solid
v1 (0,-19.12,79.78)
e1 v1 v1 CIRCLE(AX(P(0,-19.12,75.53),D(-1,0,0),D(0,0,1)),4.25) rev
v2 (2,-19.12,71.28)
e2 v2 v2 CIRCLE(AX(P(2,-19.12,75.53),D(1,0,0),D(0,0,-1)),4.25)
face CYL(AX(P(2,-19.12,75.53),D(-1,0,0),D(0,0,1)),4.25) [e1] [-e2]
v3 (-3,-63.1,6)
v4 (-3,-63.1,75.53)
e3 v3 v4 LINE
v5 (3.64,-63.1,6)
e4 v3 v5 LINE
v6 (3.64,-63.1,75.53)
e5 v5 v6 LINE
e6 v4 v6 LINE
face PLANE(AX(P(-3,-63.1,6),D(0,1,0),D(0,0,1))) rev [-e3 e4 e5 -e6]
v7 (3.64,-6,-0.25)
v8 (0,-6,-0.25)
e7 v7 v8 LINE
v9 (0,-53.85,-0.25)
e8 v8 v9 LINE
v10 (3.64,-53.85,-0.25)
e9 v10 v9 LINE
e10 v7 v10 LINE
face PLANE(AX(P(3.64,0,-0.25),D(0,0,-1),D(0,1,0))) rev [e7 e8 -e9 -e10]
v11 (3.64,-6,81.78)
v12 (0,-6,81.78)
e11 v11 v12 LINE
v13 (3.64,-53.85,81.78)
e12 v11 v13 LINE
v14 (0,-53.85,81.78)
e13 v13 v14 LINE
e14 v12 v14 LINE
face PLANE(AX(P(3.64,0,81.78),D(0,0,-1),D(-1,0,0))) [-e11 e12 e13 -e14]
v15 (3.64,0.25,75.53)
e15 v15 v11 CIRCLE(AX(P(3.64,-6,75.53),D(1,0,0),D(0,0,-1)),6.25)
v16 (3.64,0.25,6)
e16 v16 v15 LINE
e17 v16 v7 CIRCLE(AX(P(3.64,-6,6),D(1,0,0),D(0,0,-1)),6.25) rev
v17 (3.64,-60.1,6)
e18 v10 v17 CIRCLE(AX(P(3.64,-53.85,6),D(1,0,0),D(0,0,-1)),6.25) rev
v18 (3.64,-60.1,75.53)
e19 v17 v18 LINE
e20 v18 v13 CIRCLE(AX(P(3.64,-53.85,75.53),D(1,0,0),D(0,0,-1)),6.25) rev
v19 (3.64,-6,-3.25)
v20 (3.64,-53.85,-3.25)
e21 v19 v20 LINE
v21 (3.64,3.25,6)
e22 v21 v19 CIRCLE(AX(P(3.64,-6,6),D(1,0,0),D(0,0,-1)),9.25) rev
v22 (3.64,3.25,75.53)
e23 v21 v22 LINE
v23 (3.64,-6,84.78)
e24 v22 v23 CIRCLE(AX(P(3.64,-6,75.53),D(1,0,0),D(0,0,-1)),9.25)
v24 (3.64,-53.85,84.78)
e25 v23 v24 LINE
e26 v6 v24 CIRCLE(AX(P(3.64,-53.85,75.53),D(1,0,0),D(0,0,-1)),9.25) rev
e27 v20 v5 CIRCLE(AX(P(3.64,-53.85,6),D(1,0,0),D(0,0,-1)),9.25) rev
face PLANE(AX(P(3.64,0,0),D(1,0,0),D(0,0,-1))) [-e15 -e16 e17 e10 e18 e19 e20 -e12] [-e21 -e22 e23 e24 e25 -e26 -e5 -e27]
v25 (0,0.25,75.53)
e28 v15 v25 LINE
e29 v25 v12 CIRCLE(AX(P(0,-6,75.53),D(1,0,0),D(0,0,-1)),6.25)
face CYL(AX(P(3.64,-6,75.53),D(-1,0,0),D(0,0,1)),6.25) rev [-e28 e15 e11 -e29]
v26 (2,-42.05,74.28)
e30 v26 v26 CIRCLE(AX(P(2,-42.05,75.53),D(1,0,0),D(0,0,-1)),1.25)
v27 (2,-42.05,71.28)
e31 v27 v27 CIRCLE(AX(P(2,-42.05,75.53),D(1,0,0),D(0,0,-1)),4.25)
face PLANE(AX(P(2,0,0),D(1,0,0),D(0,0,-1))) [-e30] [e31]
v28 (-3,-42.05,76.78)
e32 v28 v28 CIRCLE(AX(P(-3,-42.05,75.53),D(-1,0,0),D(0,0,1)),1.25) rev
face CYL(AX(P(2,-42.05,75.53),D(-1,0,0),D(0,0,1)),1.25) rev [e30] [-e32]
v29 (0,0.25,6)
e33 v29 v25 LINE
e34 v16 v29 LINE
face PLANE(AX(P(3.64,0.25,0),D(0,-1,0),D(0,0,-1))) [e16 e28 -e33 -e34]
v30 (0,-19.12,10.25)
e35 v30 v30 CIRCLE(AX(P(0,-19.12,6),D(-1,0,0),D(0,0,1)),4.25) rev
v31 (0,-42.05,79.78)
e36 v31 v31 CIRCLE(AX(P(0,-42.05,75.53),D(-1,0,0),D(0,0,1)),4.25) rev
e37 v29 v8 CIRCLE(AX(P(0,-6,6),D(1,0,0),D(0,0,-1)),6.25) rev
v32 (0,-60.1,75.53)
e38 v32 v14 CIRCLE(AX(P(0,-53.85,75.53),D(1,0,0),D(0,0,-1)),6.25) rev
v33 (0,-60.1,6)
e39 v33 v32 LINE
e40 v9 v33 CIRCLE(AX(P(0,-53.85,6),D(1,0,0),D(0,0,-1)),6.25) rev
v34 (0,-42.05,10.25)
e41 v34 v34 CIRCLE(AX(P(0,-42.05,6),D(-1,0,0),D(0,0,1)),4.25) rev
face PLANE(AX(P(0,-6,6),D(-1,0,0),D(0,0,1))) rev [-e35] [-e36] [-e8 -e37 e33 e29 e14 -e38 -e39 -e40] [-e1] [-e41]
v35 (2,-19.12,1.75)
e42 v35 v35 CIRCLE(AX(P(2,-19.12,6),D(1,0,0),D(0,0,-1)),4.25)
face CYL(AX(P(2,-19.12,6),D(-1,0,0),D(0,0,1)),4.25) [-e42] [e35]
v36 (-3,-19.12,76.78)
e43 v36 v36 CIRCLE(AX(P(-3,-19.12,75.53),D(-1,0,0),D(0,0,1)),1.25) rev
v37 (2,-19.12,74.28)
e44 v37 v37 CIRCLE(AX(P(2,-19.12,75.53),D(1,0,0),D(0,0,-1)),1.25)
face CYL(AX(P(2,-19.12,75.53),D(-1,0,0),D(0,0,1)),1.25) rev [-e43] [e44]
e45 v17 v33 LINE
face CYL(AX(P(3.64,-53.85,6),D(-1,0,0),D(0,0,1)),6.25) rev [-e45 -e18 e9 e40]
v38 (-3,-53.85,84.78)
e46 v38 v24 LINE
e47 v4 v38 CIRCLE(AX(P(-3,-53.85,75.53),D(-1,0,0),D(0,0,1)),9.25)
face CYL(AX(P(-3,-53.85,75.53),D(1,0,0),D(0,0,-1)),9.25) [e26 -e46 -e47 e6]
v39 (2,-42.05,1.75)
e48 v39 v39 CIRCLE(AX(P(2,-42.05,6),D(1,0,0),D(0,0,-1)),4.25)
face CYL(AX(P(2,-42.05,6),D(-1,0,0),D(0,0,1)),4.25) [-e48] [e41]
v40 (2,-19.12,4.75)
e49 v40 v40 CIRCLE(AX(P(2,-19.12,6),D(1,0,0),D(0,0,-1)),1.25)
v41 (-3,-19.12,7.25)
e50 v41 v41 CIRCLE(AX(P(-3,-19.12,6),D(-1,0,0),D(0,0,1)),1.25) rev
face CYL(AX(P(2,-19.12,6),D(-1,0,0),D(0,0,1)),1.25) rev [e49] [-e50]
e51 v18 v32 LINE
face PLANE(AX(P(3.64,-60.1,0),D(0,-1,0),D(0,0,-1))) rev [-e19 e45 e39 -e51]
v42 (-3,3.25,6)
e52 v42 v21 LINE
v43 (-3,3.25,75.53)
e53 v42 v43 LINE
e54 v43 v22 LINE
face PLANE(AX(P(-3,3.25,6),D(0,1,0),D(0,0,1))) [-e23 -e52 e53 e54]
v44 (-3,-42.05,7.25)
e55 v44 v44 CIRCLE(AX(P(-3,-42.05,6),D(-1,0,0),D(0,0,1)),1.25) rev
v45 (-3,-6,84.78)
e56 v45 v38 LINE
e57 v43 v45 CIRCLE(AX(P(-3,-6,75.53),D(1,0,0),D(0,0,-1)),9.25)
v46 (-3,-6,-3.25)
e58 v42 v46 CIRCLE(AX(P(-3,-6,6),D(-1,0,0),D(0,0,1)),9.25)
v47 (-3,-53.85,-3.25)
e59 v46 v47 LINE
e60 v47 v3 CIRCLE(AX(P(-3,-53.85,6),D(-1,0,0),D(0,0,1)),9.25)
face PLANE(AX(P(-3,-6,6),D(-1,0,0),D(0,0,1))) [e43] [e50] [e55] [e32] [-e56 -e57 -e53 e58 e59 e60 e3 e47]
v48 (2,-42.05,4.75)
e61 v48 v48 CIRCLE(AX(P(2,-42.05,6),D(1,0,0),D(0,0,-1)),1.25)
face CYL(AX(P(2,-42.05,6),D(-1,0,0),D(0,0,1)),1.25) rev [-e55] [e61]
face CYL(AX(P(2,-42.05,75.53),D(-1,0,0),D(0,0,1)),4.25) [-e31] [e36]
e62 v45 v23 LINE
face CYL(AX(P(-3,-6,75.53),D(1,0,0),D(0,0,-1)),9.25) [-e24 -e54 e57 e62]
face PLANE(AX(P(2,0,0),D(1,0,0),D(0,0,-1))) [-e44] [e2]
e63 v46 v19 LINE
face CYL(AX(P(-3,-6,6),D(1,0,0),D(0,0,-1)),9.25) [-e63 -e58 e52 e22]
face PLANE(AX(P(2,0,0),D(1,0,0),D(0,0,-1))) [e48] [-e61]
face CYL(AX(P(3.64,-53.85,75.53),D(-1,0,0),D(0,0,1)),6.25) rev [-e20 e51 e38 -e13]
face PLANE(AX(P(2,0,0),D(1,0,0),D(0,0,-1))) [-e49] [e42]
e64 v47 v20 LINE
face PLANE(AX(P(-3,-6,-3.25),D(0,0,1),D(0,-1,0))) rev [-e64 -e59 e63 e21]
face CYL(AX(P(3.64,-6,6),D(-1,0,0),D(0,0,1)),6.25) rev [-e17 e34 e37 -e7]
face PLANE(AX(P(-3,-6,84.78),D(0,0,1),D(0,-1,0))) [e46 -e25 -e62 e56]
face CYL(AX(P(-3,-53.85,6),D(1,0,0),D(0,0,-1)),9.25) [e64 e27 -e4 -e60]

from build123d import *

# Parameters (mm, degrees)
BOSS_EXTRUDE1_DEPTH = 3
SKETCH1_3_R         = 4.25
SKETCH1_3_R_2       = 1.25
BOSS_EXTRUDE2_DEPTH = 2
BOSS_EXTRUDE3_START = 3.64
BOSS_EXTRUDE3_DEPTH = 3.64
CUT_EXTRUDE1_REACH  = 107.747
SKETCH1_5_R         = 1.25


with BuildPart() as part:
    # Sketch1 → Boss-Extrude1 (new body)
    with BuildSketch(Plane(origin=(0, 0, 0), x_dir=(0, 0, -1), z_dir=(1, 0, 0))):
        with BuildLine():
            Line((-6, 3.25), (-75.53, 3.25))
            ThreePointArc((-75.53, 3.25), (-82.070737726, 0.540737726), (-84.78, -6))
            Line((-84.78, -6), (-84.78, -53.85))
            ThreePointArc((-84.78, -53.85), (-82.070737726, -60.390737726), (-75.53, -63.1))
            Line((-75.53, -63.1), (-6, -63.1))
            ThreePointArc((-6, -63.1), (0.540737726, -60.390737726), (3.25, -53.85))
            Line((3.25, -53.85), (3.25, -6))
            ThreePointArc((3.25, -6), (0.540737726, 0.540737726), (-6, 3.25))
        make_face()
    extrude(amount=-BOSS_EXTRUDE1_DEPTH)

    # Sketch1<3> → Boss-Extrude2 (add)
    # profile 1 of 4: a face of its own
    with BuildSketch(Plane(origin=(0, 0, 0), x_dir=(0, 0, -1), z_dir=(1, 0, 0))):
        with Locations((-75.53, -19.12)):
            Circle(SKETCH1_3_R)
        with Locations((-75.53, -19.12)):
            Circle(SKETCH1_3_R_2, mode=Mode.SUBTRACT)
    # profile 2 of 4: a face of its own
    with BuildSketch(Plane(origin=(0, 0, 0), x_dir=(0, 0, -1), z_dir=(1, 0, 0))):
        with Locations((-6, -19.12)):
            Circle(SKETCH1_3_R)
        with Locations((-6, -19.12)):
            Circle(SKETCH1_3_R_2, mode=Mode.SUBTRACT)
    # profile 3 of 4: a face of its own
    with BuildSketch(Plane(origin=(0, 0, 0), x_dir=(0, 0, -1), z_dir=(1, 0, 0))):
        with Locations((-6, -42.05)):
            Circle(SKETCH1_3_R)
        with Locations((-6, -42.05)):
            Circle(SKETCH1_3_R_2, mode=Mode.SUBTRACT)
    # profile 4 of 4: a face of its own
    with BuildSketch(Plane(origin=(0, 0, 0), x_dir=(0, 0, -1), z_dir=(1, 0, 0))):
        with Locations((-75.53, -42.05)):
            Circle(SKETCH1_3_R)
        with Locations((-75.53, -42.05)):
            Circle(SKETCH1_3_R_2, mode=Mode.SUBTRACT)
    extrude(amount=BOSS_EXTRUDE2_DEPTH)

    # Sketch1<4> → Boss-Extrude3 (add)
    with BuildSketch(Plane(origin=(0, 0, 0), x_dir=(0, 0, -1), z_dir=(1, 0, 0)).offset(BOSS_EXTRUDE3_START)):
        with BuildLine():
            ThreePointArc((3.25, -6), (0.540737726, 0.540737726), (-6, 3.25))
            Line((-6, 3.25), (-75.53, 3.25))
            ThreePointArc((-75.53, 3.25), (-82.070737726, 0.540737726), (-84.78, -6))
            Line((-84.78, -6), (-84.78, -53.85))
            ThreePointArc((-84.78, -53.85), (-82.070737726, -60.390737726), (-75.53, -63.1))
            Line((-75.53, -63.1), (-6, -63.1))
            ThreePointArc((-6, -63.1), (0.540737726, -60.390737726), (3.25, -53.85))
            Line((3.25, -53.85), (3.25, -6))
        make_face()
        with BuildLine():
            Line((-75.53, 0.25), (-6, 0.25))
            ThreePointArc((-6, 0.25), (-1.580582618, -1.580582618), (0.25, -6))
            Line((0.25, -6), (0.25, -53.85))
            ThreePointArc((0.25, -53.85), (-1.580582618, -58.269417382), (-6, -60.1))
            Line((-6, -60.1), (-75.53, -60.1))
            ThreePointArc((-75.53, -60.1), (-79.949417382, -58.269417382), (-81.78, -53.85))
            Line((-81.78, -53.85), (-81.78, -6))
            ThreePointArc((-81.78, -6), (-79.949417382, -1.580582618), (-75.53, 0.25))
        make_face(mode=Mode.SUBTRACT)
    extrude(amount=-BOSS_EXTRUDE3_DEPTH)

    # Sketch1<5> → Cut-Extrude1 (cut, up to next)
    with BuildSketch(Plane(origin=(0, 0, 0), x_dir=(0, 0, -1), z_dir=(1, 0, 0)), mode=Mode.PRIVATE) as cut_extrude1_sk1:
        with Locations((-6, -19.12)):
            Circle(SKETCH1_5_R)
    cut_extrude1_tool1 = extrude(cut_extrude1_sk1.sketch, amount=-CUT_EXTRUDE1_REACH, mode=Mode.PRIVATE) & part.part
    # Sketch1<5> → Cut-Extrude1 (cut, up to next)
    with BuildSketch(Plane(origin=(0, 0, 0), x_dir=(0, 0, -1), z_dir=(1, 0, 0)), mode=Mode.PRIVATE) as cut_extrude1_sk2:
        with Locations((-6, -42.05)):
            Circle(SKETCH1_5_R)
    cut_extrude1_tool2 = extrude(cut_extrude1_sk2.sketch, amount=-CUT_EXTRUDE1_REACH, mode=Mode.PRIVATE) & part.part
    # Sketch1<5> → Cut-Extrude1 (cut, up to next)
    with BuildSketch(Plane(origin=(0, 0, 0), x_dir=(0, 0, -1), z_dir=(1, 0, 0)), mode=Mode.PRIVATE) as cut_extrude1_sk3:
        with Locations((-75.53, -19.12)):
            Circle(SKETCH1_5_R)
    cut_extrude1_tool3 = extrude(cut_extrude1_sk3.sketch, amount=-CUT_EXTRUDE1_REACH, mode=Mode.PRIVATE) & part.part
    # Sketch1<5> → Cut-Extrude1 (cut, up to next)
    with BuildSketch(Plane(origin=(0, 0, 0), x_dir=(0, 0, -1), z_dir=(1, 0, 0)), mode=Mode.PRIVATE) as cut_extrude1_sk4:
        with Locations((-75.53, -42.05)):
            Circle(SKETCH1_5_R)
    cut_extrude1_tool4 = extrude(cut_extrude1_sk4.sketch, amount=-CUT_EXTRUDE1_REACH, mode=Mode.PRIVATE) & part.part
    add(cut_extrude1_tool1.solids().sort_by_distance((0, -19.12, 6))[0], mode=Mode.SUBTRACT)
    add(cut_extrude1_tool2.solids().sort_by_distance((0, -42.05, 6))[0], mode=Mode.SUBTRACT)
    add(cut_extrude1_tool3.solids().sort_by_distance((0, -19.12, 75.53))[0], mode=Mode.SUBTRACT)
    add(cut_extrude1_tool4.solids().sort_by_distance((0, -42.05, 75.53))[0], mode=Mode.SUBTRACT)


solid = part.part
